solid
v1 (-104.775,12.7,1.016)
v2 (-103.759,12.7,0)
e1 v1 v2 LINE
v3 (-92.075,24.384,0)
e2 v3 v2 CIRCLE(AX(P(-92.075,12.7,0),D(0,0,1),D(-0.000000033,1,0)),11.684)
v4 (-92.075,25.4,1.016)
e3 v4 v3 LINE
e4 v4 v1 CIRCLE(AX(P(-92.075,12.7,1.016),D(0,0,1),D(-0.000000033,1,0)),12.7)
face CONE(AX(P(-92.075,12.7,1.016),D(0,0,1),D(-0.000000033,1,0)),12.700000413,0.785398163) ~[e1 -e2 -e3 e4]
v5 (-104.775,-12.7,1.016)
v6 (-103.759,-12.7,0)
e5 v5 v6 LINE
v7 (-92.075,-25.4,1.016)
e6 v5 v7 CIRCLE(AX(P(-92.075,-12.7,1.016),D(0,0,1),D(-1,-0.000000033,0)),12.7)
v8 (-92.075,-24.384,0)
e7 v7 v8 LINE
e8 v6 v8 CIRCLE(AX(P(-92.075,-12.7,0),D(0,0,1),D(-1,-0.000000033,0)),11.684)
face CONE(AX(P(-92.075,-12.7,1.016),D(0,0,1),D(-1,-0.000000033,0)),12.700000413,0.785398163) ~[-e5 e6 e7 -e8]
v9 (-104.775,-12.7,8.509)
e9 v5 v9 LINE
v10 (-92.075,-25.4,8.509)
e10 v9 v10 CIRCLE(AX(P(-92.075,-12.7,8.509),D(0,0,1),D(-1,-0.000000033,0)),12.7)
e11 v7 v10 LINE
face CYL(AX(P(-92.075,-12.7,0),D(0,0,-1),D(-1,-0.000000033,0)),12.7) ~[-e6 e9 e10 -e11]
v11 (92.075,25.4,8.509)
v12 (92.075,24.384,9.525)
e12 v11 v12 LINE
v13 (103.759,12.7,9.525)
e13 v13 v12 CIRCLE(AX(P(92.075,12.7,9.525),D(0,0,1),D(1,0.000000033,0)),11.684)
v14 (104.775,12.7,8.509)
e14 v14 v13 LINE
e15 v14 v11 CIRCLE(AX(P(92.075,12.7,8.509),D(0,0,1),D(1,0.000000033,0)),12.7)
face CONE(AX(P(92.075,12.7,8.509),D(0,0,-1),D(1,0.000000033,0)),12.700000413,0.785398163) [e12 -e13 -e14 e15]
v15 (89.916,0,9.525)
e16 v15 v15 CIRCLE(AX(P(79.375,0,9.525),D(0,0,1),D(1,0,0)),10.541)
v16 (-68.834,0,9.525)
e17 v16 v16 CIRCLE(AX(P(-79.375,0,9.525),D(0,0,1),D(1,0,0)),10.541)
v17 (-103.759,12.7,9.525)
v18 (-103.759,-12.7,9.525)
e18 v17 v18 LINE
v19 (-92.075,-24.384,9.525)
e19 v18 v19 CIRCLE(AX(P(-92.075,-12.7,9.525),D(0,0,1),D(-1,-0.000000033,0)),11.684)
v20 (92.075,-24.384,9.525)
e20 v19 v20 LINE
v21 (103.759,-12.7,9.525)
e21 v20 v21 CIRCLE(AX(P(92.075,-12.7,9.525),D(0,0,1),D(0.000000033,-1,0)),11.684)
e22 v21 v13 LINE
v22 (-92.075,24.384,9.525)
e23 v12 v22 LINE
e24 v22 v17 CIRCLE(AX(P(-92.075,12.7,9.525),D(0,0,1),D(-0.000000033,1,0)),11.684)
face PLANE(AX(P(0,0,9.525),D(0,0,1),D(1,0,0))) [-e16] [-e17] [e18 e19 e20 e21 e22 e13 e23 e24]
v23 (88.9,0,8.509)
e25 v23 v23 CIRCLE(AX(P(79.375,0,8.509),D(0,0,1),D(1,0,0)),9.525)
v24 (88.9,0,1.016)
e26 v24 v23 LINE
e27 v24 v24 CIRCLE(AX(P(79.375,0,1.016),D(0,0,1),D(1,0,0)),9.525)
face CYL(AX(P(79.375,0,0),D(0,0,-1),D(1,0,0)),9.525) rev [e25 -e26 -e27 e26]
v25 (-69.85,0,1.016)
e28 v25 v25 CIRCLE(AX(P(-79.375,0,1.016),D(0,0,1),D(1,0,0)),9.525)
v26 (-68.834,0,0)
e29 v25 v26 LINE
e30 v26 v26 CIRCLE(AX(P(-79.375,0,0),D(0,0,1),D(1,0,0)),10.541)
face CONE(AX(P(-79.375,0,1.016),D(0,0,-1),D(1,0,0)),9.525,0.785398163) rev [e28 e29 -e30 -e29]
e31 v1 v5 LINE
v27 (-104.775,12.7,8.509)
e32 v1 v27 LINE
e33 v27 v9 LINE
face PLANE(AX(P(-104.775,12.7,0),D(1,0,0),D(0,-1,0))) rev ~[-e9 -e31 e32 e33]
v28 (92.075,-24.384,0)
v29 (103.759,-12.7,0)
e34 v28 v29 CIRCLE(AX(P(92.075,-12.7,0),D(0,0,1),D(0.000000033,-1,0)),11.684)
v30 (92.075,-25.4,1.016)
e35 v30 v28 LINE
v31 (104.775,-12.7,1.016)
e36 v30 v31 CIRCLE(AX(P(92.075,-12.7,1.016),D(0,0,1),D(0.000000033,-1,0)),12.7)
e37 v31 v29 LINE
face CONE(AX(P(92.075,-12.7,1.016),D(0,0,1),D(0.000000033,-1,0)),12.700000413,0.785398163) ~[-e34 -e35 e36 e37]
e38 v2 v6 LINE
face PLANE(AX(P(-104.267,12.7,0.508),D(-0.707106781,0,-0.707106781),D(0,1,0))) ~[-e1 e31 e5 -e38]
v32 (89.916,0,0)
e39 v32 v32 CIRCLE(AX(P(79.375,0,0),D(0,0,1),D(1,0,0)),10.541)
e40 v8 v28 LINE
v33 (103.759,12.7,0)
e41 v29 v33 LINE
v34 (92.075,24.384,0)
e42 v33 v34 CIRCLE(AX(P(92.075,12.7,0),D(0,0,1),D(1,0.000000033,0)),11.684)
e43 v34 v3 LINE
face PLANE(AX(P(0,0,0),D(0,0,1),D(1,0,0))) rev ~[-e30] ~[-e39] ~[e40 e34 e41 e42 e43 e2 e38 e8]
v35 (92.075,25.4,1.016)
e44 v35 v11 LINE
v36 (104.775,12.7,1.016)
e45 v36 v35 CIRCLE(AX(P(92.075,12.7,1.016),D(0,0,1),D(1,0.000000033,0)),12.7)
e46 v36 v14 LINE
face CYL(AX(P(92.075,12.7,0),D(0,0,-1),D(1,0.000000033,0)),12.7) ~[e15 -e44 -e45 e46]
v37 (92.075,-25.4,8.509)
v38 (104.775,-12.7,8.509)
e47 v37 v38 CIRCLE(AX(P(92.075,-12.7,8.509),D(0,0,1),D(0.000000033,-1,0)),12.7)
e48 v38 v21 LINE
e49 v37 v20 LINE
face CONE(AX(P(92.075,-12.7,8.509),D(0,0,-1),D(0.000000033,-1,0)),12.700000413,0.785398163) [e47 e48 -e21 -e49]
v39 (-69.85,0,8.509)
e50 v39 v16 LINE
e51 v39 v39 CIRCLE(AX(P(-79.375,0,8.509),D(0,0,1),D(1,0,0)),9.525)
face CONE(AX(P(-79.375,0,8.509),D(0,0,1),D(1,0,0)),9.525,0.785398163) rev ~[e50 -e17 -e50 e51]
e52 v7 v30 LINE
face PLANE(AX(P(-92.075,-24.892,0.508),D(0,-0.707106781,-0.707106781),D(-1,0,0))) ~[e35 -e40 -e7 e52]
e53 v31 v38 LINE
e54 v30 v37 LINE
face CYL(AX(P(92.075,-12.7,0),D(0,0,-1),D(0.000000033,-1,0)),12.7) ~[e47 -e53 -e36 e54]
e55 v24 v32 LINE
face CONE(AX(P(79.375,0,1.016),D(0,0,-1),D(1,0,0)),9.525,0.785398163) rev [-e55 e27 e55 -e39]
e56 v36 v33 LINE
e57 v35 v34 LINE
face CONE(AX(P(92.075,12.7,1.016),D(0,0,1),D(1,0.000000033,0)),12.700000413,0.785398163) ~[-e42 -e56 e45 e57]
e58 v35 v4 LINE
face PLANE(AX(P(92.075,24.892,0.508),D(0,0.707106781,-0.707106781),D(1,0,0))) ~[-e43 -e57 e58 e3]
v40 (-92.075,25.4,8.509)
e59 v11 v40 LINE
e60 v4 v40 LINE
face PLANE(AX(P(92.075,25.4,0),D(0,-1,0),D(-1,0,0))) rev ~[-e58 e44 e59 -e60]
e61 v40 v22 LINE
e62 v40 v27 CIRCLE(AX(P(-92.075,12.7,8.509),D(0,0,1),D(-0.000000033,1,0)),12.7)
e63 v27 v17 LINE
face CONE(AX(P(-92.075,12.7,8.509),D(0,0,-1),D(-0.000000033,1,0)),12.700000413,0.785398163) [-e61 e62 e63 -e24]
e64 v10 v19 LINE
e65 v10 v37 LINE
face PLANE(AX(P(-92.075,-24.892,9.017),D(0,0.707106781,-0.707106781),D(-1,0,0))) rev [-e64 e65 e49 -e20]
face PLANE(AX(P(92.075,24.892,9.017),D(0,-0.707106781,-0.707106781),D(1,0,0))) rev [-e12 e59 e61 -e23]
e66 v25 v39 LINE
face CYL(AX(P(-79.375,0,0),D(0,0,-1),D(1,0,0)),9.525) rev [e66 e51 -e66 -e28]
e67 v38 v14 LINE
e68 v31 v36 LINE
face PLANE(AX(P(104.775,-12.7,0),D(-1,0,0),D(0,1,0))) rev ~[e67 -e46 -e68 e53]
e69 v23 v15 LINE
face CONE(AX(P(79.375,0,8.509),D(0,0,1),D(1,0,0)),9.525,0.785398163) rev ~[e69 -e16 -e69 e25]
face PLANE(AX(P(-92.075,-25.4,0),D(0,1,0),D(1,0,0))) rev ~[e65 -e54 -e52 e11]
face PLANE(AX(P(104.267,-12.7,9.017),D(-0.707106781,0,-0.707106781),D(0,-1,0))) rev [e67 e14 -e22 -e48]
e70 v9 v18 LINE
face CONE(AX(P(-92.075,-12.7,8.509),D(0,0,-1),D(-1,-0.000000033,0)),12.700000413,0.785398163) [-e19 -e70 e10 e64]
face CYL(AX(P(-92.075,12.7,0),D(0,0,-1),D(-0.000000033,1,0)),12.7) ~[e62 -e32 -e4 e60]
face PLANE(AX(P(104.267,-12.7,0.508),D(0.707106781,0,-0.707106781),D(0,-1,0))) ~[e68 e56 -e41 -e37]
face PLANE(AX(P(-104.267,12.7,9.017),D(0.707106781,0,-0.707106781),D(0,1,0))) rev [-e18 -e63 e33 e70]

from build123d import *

# Parameters (mm, degrees)
F0_R     = 9.525
F1_DEPTH = 9.525
F2_SIZE  = 1.016


with BuildPart() as f1:
    # F0 (on Top) → F1 (new body)
    with BuildSketch(Plane.XY):
        with BuildLine():
            Line((92.075, 25.4), (-92.075, 25.4))
            ThreePointArc((-92.075, 25.4), (-101.055256, 21.680256), (-104.775, 12.7))
            Line((-104.775, 12.7), (-104.775, -12.7))
            ThreePointArc((-104.775, -12.7), (-101.055256, -21.680256), (-92.075, -25.4))
            Line((-92.075, -25.4), (92.075, -25.4))
            ThreePointArc((92.075, -25.4), (101.055256, -21.680256), (104.775, -12.7))
            Line((104.775, -12.7), (104.775, 12.7))
            ThreePointArc((104.775, 12.7), (101.055256, 21.680256), (92.075, 25.4))
        make_face()
        with Locations((-79.375, 0)):
            Circle(F0_R, mode=Mode.SUBTRACT)
        with Locations((79.375, 0)):
            Circle(F0_R, mode=Mode.SUBTRACT)
    extrude(amount=F1_DEPTH)

    # F2
    f2_edges = [f1.edges().sort_by_distance(p)[0] for p in [
        (0, 25.4, 9.525),
        (-101.055256, 21.680256, 9.525),
        (-104.775, 0, 9.525),
        (-101.055256, -21.680256, 9.525),
        (0, -25.4, 9.525),
        (101.055256, -21.680256, 9.525),
        (104.775, 0, 9.525),
        (101.055256, 21.680256, 9.525),
        (-88.9, 0, 9.525),
        (69.85, 0, 9.525),
        (0, 25.4, 0),
        (-101.055256, 21.680256, 0),
        (-104.775, 0, 0),
        (-101.055256, -21.680256, 0),
        (0, -25.4, 0),
        (101.055256, -21.680256, 0),
        (104.775, 0, 0),
        (101.055256, 21.680256, 0),
        (-88.9, 0, 0),
        (69.85, 0, 0),
    ]]
    chamfer(f2_edges, length=F2_SIZE)


solid = f1.part
